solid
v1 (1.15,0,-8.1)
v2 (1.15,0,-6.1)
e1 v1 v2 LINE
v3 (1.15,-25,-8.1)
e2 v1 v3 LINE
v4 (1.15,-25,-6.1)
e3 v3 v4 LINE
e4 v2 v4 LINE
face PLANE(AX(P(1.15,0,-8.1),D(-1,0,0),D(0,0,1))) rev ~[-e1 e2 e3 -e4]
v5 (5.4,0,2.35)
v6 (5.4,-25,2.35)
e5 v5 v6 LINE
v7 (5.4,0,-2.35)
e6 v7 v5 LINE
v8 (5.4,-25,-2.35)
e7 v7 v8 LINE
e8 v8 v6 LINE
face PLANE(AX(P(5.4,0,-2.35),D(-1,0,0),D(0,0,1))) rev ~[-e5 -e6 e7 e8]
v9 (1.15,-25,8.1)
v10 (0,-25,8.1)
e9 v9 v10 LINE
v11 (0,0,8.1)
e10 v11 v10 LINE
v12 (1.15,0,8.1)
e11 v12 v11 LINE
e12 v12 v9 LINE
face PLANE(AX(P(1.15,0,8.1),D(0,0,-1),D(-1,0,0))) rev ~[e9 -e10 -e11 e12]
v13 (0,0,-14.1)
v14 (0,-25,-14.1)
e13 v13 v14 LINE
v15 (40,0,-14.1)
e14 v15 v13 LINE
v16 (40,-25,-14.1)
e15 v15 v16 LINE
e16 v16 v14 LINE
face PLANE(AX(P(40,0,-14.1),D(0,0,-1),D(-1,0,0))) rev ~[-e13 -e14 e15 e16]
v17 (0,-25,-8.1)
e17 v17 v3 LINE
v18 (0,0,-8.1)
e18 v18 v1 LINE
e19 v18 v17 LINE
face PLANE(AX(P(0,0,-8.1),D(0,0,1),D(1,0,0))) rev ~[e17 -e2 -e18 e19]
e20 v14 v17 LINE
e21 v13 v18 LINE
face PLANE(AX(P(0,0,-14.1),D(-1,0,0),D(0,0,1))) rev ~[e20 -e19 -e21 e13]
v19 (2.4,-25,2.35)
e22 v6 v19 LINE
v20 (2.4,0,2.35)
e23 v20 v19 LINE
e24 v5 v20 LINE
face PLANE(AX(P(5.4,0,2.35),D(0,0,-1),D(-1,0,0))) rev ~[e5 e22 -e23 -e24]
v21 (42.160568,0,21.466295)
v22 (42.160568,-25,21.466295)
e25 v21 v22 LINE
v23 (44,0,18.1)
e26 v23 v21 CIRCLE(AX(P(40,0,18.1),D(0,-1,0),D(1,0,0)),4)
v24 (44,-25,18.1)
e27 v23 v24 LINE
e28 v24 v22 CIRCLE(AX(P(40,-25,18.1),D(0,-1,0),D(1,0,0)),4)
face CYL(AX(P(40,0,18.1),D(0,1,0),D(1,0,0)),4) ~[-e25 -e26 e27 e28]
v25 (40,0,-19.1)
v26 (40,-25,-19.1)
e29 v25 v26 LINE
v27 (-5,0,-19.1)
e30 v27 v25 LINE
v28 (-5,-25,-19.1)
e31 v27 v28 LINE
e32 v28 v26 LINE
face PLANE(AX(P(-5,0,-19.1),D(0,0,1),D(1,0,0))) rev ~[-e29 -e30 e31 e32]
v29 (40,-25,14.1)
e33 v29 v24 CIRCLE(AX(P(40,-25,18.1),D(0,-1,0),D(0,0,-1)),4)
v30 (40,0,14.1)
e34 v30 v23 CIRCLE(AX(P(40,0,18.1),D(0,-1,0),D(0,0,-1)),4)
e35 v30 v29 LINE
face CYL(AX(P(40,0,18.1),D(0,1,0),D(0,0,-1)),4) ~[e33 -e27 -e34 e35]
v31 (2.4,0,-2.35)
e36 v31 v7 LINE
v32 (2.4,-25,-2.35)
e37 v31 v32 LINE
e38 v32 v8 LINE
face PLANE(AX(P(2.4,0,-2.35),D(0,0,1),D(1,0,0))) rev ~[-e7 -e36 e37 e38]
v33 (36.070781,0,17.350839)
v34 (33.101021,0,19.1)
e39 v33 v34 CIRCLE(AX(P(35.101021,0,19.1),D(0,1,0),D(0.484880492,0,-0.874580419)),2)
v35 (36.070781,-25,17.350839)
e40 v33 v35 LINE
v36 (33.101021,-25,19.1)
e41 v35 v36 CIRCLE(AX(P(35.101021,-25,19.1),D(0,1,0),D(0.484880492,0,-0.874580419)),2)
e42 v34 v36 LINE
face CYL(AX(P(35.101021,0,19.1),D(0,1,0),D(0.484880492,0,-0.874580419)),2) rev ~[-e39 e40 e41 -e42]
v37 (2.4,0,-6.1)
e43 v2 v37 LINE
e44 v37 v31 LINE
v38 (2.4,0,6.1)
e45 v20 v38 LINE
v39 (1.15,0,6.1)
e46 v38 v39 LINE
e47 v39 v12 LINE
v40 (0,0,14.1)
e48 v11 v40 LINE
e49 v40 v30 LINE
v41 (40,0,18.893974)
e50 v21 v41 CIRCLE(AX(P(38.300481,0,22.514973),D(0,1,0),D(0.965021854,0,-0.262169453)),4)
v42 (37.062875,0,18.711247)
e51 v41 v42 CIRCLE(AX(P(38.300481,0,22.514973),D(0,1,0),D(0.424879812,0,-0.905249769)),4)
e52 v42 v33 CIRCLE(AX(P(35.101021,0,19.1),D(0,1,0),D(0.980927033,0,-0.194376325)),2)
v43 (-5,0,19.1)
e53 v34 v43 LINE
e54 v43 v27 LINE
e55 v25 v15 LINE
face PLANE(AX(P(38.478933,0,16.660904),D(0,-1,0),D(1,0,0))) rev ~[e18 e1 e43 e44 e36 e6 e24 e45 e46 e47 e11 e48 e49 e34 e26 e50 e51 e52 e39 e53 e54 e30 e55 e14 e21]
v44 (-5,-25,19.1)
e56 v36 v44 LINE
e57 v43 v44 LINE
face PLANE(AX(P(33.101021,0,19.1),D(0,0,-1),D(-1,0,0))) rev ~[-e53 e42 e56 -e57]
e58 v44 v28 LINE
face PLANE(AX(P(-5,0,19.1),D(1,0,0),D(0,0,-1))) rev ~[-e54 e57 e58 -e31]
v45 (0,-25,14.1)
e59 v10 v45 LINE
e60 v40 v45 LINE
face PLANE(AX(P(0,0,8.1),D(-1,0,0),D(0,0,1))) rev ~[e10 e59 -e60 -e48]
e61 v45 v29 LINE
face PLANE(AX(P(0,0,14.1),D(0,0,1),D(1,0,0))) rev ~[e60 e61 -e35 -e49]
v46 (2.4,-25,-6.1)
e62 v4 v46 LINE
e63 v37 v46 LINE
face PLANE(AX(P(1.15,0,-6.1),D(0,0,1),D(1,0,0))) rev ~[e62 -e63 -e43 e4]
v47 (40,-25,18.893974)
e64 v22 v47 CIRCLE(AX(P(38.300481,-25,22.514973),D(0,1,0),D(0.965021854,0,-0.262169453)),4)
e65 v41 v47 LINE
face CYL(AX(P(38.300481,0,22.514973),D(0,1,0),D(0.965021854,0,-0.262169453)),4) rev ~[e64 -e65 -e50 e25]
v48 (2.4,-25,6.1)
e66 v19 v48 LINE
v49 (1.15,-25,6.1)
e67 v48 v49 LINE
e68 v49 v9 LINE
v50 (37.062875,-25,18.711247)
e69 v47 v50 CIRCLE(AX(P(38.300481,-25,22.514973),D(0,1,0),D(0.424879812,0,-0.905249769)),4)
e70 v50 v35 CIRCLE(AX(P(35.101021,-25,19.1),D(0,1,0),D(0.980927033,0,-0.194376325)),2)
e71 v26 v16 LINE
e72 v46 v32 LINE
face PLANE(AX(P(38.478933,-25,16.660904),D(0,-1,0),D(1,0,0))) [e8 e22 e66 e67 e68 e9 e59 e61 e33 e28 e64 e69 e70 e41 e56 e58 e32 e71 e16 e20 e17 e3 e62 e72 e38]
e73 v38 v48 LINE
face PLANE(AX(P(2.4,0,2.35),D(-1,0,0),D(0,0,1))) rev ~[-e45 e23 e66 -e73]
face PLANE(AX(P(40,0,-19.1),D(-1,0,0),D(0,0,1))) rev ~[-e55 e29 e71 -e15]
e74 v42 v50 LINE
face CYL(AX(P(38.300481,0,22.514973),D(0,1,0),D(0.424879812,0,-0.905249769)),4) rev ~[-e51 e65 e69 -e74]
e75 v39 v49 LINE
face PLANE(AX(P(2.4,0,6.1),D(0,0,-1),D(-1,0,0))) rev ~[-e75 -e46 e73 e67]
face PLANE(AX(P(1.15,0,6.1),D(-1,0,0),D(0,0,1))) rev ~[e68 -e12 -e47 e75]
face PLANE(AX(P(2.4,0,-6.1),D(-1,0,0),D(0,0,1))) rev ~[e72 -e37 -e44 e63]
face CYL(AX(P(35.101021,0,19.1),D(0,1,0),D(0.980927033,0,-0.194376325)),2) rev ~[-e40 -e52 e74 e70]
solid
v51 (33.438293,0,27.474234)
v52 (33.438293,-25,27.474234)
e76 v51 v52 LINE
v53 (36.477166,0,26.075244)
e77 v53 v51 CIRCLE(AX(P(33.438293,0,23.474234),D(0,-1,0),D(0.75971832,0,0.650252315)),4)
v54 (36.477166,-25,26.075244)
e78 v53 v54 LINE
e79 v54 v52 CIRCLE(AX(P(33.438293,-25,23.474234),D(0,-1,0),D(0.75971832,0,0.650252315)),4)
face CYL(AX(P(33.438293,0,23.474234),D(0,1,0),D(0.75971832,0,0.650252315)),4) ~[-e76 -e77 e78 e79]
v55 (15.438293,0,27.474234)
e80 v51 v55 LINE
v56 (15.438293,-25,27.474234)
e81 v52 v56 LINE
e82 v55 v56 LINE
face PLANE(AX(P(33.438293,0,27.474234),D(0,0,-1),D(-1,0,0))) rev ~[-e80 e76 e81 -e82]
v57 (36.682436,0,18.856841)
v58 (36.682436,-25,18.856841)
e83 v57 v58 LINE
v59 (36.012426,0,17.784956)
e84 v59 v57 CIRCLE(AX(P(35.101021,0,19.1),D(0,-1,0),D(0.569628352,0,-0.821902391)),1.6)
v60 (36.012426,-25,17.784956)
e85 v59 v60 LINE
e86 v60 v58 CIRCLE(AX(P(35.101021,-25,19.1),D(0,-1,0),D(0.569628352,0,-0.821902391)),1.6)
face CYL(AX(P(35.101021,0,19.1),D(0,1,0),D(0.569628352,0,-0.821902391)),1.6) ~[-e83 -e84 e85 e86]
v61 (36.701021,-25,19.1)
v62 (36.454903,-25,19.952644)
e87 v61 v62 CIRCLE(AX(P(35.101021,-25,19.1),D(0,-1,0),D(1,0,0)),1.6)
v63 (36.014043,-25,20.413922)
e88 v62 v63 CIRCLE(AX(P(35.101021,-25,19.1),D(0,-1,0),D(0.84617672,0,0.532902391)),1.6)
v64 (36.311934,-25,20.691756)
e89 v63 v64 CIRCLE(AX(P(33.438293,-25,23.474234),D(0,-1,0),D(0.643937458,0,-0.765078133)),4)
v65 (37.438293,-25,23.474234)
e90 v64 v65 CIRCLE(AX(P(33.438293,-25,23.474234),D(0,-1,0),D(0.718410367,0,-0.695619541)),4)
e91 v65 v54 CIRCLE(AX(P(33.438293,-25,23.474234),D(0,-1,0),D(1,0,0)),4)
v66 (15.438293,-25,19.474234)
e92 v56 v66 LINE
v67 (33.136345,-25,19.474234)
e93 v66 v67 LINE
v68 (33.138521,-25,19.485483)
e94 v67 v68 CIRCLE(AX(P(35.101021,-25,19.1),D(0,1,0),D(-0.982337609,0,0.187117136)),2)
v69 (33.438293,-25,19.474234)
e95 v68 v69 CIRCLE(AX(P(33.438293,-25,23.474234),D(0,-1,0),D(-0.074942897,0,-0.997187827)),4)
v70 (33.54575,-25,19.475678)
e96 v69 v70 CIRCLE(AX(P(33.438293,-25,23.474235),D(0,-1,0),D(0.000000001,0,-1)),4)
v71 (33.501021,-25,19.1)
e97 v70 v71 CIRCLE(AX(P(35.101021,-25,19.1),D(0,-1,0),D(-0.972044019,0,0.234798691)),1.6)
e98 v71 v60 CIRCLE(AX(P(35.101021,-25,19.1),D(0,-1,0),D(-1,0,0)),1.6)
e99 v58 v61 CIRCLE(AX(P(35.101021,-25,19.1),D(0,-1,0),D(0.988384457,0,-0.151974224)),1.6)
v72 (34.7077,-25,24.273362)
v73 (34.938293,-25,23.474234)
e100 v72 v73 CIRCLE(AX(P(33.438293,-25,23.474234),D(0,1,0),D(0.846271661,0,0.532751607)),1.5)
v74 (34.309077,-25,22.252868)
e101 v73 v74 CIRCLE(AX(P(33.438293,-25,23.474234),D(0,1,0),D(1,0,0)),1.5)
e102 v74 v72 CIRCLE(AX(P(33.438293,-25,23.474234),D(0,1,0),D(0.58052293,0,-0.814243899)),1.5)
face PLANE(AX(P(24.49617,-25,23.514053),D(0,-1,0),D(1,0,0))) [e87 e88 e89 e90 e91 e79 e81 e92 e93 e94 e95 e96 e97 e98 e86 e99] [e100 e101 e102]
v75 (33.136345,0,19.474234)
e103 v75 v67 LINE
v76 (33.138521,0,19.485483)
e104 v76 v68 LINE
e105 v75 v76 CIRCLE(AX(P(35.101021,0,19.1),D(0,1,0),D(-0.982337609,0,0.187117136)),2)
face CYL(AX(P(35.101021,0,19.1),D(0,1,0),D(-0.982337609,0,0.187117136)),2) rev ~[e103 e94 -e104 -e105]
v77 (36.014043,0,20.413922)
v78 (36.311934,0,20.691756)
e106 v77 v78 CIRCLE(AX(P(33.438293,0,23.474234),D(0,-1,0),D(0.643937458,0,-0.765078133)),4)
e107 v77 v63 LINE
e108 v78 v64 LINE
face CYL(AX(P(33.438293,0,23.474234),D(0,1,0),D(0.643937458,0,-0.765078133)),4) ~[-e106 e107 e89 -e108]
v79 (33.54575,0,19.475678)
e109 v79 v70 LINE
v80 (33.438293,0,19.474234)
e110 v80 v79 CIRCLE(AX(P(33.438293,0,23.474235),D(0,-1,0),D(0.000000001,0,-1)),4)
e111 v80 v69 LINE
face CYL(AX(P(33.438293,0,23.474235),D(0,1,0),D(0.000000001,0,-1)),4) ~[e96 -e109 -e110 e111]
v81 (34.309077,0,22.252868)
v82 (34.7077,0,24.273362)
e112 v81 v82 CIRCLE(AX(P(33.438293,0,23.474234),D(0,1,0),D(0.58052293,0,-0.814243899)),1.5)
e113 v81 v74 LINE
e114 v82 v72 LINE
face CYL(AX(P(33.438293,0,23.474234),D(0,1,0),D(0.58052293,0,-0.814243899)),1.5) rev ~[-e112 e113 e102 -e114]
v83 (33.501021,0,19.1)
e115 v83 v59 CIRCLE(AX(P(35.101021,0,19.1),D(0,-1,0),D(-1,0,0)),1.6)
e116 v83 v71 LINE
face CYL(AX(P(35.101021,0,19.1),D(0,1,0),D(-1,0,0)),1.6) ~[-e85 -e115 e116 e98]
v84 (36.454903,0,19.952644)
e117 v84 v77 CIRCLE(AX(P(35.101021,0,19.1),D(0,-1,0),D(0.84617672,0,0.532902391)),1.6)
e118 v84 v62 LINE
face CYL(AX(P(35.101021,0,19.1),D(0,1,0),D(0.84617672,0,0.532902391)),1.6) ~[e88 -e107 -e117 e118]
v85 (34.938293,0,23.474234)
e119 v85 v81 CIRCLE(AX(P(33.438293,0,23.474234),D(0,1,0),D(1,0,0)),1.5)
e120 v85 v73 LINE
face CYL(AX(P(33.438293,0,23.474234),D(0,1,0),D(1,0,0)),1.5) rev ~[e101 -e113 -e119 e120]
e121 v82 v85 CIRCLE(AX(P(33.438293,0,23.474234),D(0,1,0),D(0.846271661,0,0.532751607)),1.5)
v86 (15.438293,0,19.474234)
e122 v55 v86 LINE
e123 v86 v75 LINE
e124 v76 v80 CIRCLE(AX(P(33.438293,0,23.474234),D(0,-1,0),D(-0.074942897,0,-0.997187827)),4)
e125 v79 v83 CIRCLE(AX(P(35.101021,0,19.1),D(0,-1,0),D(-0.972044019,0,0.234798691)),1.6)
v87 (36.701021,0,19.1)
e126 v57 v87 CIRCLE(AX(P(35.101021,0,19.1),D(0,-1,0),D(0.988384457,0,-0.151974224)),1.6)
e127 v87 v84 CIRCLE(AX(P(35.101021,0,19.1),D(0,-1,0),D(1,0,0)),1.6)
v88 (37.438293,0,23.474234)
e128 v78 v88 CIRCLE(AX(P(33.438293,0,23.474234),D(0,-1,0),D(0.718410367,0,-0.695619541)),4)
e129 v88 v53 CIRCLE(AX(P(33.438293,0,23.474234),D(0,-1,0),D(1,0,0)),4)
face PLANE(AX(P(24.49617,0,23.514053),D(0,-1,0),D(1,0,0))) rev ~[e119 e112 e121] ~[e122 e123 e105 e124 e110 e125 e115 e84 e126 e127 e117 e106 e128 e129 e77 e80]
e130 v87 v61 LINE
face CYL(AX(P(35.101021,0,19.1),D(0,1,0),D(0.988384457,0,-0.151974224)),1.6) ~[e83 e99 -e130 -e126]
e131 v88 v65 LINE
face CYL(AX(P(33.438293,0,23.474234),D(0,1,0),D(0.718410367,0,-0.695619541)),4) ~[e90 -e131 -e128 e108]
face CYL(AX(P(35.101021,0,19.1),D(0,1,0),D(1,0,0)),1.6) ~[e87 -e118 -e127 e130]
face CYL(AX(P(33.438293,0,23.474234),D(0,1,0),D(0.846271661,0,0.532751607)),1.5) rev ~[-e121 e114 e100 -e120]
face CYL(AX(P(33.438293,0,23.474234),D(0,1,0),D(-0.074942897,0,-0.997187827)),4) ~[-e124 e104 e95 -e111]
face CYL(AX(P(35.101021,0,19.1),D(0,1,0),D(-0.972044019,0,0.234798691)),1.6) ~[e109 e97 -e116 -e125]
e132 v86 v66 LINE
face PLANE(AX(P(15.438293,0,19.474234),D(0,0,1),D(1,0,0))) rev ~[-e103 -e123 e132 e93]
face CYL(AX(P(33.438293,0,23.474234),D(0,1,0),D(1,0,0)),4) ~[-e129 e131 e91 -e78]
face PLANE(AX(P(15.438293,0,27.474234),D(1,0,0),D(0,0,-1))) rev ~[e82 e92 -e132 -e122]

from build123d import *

# Parameters (mm, degrees)
F1_DEPTH = 25
F2_DEPTH = 25


with BuildPart() as f1:
    # F0 (on Front) → F1 (new body)
    with BuildSketch(Plane.XZ):
        with BuildLine():
            Line((40, 14.1), (40, 18.8939742042))
            ThreePointArc((40, 18.8939742042), (38.5488518421, 18.5226917537), (37.0628745806, 18.7112473497))
            ThreePointArc((37.0628745806, 18.7112473497), (36.7169627499, 17.9215558173), (36.0707814976, 17.3508391625))
            ThreePointArc((36.0707814976, 17.3508391625), (37.4501611178, 15.0180652708), (40, 14.1))
        make_face()
        with BuildLine():
            ThreePointArc((42.1605681655, 21.4662954716), (41.3634067603, 19.9423317875), (40, 18.8939742042))
            Line((40, 18.8939742042), (40, 14.1))
            ThreePointArc((40, 14.1), (42.8284271247, 15.2715728753), (44, 18.1))
            ThreePointArc((44, 18.1), (43.5101476224, 20.0180364097), (42.1605681655, 21.4662954716))
        make_face()
        with BuildLine():
            Line((0, 14.1), (40, 14.1))
            ThreePointArc((40, 14.1), (37.4501611178, 15.0180652708), (36.0707814976, 17.3508391625))
            ThreePointArc((36.0707814976, 17.3508391625), (34.0860136096, 17.3767005532), (33.1010205144, 19.1))
            Line((33.1010205144, 19.1), (-5, 19.1))
            Line((-5, 19.1), (-5, -19.1))
            Line((-5, -19.1), (40, -19.1))
            Line((40, -19.1), (40, -14.1))
            Line((40, -14.1), (0, -14.1))
            Line((0, -14.1), (0, -8.1))
            Line((0, -8.1), (1.15, -8.1))
            Line((1.15, -8.1), (1.15, -6.1))
            Line((1.15, -6.1), (2.4, -6.1))
            Line((2.4, -6.1), (2.4, -2.35))
            Line((2.4, -2.35), (5.4, -2.35))
            Line((5.4, -2.35), (5.4, 2.35))
            Line((5.4, 2.35), (2.4, 2.35))
            Line((2.4, 2.35), (2.4, 6.1))
            Line((2.4, 6.1), (1.15, 6.1))
            Line((1.15, 6.1), (1.15, 8.1))
            Line((1.15, 8.1), (0, 8.1))
            Line((0, 8.1), (0, 14.1))
        make_face()
    extrude(amount=F1_DEPTH)


with BuildPart() as f2:
    # F0 (on Front) → F2 (new body)
    with BuildSketch(Plane.XZ):
        with BuildLine():
            Line((15.4382929629, 19.4742342655), (33.1363452958, 19.4742342655))
            ThreePointArc((33.1363452958, 19.4742342655), (33.1374252783, 19.47986017), (33.1385213707, 19.485482958))
            ThreePointArc((33.1385213707, 19.485482958), (29.4411061252, 23.624225549), (33.4382929629, 27.4742342655))
            Line((33.4382929629, 27.4742342655), (15.4382929629, 27.4742342655))
            Line((15.4382929629, 27.4742342655), (15.4382929629, 19.4742342655))
        make_face()
        with BuildLine():
            ThreePointArc((34.7077004549, 24.2733616766), (35.446498397, 25.3176121679), (36.477166245, 26.0752435264))
            ThreePointArc((36.477166245, 26.0752435264), (35.1110097584, 27.1076924697), (33.4382929629, 27.4742342655))
            ThreePointArc((33.4382929629, 27.4742342655), (29.4411061252, 23.624225549), (33.1385213707, 19.485482958))
            ThreePointArc((33.1385213707, 19.485482958), (33.6403644261, 20.4661931751), (34.5853847735, 21.0323870685))
            ThreePointArc((34.5853847735, 21.0323870685), (34.3992082899, 21.6317557624), (34.3090773584, 22.2528684168))
            ThreePointArc((34.3090773584, 22.2528684168), (31.9666599984, 23.7645727194), (34.7077004549, 24.2733616766))
        make_face()
        with BuildLine():
            ThreePointArc((34.5853847735, 21.0323870685), (35.488138453, 21.062177286), (36.311934429, 20.6917561031))
            ThreePointArc((36.311934429, 20.6917561031), (37.146025819, 21.9733288495), (37.4382929629, 23.4742342655))
            ThreePointArc((37.4382929629, 23.4742342655), (37.1903252874, 24.8606878117), (36.477166245, 26.0752435264))
            ThreePointArc((36.477166245, 26.0752435264), (35.446498397, 25.3176121679), (34.7077004549, 24.2733616766))
            ThreePointArc((34.7077004549, 24.2733616766), (34.8794923311, 23.8901000864), (34.9382929629, 23.4742342655))
            ThreePointArc((34.9382929629, 23.4742342655), (34.7717427357, 22.7872759674), (34.3090773584, 22.2528684168))
            ThreePointArc((34.3090773584, 22.2528684168), (34.3992082899, 21.6317557624), (34.5853847735, 21.0323870685))
        make_face()
        with BuildLine():
            ThreePointArc((33.5010205144, 19.1), (34.358810497, 17.6825641849), (36.0124258769, 17.7849561736))
            ThreePointArc((36.0124258769, 17.7849561736), (36.0151002524, 18.4472376729), (36.1270166538, 19.1))
            Line((36.1270166538, 19.1), (33.5010205144, 19.1))
        make_face()
        with BuildLine():
            Line((33.5010205144, 19.1), (36.1270166538, 19.1))
            ThreePointArc((36.1270166538, 19.1), (36.1333880165, 19.1243591992), (36.1399125852, 19.1486778104))
            ThreePointArc((36.1399125852, 19.1486778104), (35.6727510104, 19.4991754751), (35.2616074686, 19.9139640211))
            ThreePointArc((35.2616074686, 19.9139640211), (34.4282391476, 19.5986689453), (33.5457500841, 19.4756779051))
            ThreePointArc((33.5457500841, 19.4756779051), (33.5122422592, 19.2891656832), (33.5010205144, 19.1))
        make_face()
        with BuildLine():
            ThreePointArc((35.2616074686, 19.9139640211), (35.6519847184, 20.142632727), (36.0140427943, 20.4139217315))
            ThreePointArc((36.0140427943, 20.4139217315), (35.4107148653, 20.6697418288), (34.7554346791, 20.6622325148))
            ThreePointArc((34.7554346791, 20.6622325148), (34.9873289358, 20.2737626602), (35.2616074686, 19.9139640211))
        make_face()
        with BuildLine():
            ThreePointArc((36.1399125852, 19.1486778104), (36.2756506061, 19.5591852495), (36.4549032661, 19.9526438264))
            ThreePointArc((36.4549032661, 19.9526438264), (36.2577006483, 20.2054822785), (36.0140427943, 20.4139217315))
            ThreePointArc((36.0140427943, 20.4139217315), (35.6519847184, 20.142632727), (35.2616074686, 19.9139640211))
            ThreePointArc((35.2616074686, 19.9139640211), (35.6727510104, 19.4991754751), (36.1399125852, 19.1486778104))
        make_face()
        with BuildLine():
            ThreePointArc((36.0140427943, 20.4139217315), (36.1665276234, 20.5490444192), (36.311934429, 20.6917561031))
            ThreePointArc((36.311934429, 20.6917561031), (35.488138453, 21.062177286), (34.5853847735, 21.0323870685))
            ThreePointArc((34.5853847735, 21.0323870685), (34.6656947542, 20.845143722), (34.7554346791, 20.6622325148))
            ThreePointArc((34.7554346791, 20.6622325148), (35.4107148653, 20.6697418288), (36.0140427943, 20.4139217315))
        make_face()
        with BuildLine():
            ThreePointArc((33.5457500841, 19.4756779051), (34.4282391476, 19.5986689453), (35.2616074686, 19.9139640211))
            ThreePointArc((35.2616074686, 19.9139640211), (34.9873289358, 20.2737626602), (34.7554346791, 20.6622325148))
            ThreePointArc((34.7554346791, 20.6622325148), (33.9806225511, 20.2422383306), (33.5457500841, 19.4756779051))
        make_face()
        with BuildLine():
            ThreePointArc((36.0124258769, 17.7849561736), (36.4577713767, 18.2519274219), (36.6824356457, 18.8568412398))
            ThreePointArc((36.6824356457, 18.8568412398), (36.4460801799, 18.9707951652), (36.2177043625, 19.1))
            Line((36.2177043625, 19.1), (36.1270166538, 19.1))
            ThreePointArc((36.1270166538, 19.1), (36.0151002524, 18.4472376729), (36.0124258769, 17.7849561736))
        make_face()
        with BuildLine():
            ThreePointArc((34.7554346791, 20.6622325148), (34.6656947542, 20.845143722), (34.5853847735, 21.0323870685))
            ThreePointArc((34.5853847735, 21.0323870685), (33.6403644261, 20.4661931751), (33.1385213707, 19.485482958))
            ThreePointArc((33.1385213707, 19.485482958), (33.2883016793, 19.4770474279), (33.4382929629, 19.4742342655))
            ThreePointArc((33.4382929629, 19.4742342655), (33.4920263719, 19.4745951917), (33.5457500841, 19.4756779051))
            ThreePointArc((33.5457500841, 19.4756779051), (33.9806225511, 20.2422383306), (34.7554346791, 20.6622325148))
        make_face()
        with BuildLine():
            Line((36.2177043625, 19.1), (36.7010205144, 19.1))
            ThreePointArc((36.7010205144, 19.1), (36.638260314, 19.5437271669), (36.4549032661, 19.9526438264))
            ThreePointArc((36.4549032661, 19.9526438264), (36.2756506061, 19.5591852495), (36.1399125852, 19.1486778104))
            ThreePointArc((36.1399125852, 19.1486778104), (36.1786688757, 19.1241158141), (36.2177043625, 19.1))
        make_face()
        with BuildLine():
            ThreePointArc((36.6824356457, 18.8568412398), (36.6963675315, 18.9780660219), (36.7010205144, 19.1))
            Line((36.7010205144, 19.1), (36.2177043625, 19.1))
            ThreePointArc((36.2177043625, 19.1), (36.4460801799, 18.9707951652), (36.6824356457, 18.8568412398))
        make_face()
        with BuildLine():
            Line((36.1270166538, 19.1), (36.2177043625, 19.1))
            ThreePointArc((36.2177043625, 19.1), (36.1786688757, 19.1241158141), (36.1399125852, 19.1486778104))
            ThreePointArc((36.1399125852, 19.1486778104), (36.1333880165, 19.1243591992), (36.1270166538, 19.1))
        make_face()
    extrude(amount=F2_DEPTH)


solid = Compound([f1.part, f2.part])
